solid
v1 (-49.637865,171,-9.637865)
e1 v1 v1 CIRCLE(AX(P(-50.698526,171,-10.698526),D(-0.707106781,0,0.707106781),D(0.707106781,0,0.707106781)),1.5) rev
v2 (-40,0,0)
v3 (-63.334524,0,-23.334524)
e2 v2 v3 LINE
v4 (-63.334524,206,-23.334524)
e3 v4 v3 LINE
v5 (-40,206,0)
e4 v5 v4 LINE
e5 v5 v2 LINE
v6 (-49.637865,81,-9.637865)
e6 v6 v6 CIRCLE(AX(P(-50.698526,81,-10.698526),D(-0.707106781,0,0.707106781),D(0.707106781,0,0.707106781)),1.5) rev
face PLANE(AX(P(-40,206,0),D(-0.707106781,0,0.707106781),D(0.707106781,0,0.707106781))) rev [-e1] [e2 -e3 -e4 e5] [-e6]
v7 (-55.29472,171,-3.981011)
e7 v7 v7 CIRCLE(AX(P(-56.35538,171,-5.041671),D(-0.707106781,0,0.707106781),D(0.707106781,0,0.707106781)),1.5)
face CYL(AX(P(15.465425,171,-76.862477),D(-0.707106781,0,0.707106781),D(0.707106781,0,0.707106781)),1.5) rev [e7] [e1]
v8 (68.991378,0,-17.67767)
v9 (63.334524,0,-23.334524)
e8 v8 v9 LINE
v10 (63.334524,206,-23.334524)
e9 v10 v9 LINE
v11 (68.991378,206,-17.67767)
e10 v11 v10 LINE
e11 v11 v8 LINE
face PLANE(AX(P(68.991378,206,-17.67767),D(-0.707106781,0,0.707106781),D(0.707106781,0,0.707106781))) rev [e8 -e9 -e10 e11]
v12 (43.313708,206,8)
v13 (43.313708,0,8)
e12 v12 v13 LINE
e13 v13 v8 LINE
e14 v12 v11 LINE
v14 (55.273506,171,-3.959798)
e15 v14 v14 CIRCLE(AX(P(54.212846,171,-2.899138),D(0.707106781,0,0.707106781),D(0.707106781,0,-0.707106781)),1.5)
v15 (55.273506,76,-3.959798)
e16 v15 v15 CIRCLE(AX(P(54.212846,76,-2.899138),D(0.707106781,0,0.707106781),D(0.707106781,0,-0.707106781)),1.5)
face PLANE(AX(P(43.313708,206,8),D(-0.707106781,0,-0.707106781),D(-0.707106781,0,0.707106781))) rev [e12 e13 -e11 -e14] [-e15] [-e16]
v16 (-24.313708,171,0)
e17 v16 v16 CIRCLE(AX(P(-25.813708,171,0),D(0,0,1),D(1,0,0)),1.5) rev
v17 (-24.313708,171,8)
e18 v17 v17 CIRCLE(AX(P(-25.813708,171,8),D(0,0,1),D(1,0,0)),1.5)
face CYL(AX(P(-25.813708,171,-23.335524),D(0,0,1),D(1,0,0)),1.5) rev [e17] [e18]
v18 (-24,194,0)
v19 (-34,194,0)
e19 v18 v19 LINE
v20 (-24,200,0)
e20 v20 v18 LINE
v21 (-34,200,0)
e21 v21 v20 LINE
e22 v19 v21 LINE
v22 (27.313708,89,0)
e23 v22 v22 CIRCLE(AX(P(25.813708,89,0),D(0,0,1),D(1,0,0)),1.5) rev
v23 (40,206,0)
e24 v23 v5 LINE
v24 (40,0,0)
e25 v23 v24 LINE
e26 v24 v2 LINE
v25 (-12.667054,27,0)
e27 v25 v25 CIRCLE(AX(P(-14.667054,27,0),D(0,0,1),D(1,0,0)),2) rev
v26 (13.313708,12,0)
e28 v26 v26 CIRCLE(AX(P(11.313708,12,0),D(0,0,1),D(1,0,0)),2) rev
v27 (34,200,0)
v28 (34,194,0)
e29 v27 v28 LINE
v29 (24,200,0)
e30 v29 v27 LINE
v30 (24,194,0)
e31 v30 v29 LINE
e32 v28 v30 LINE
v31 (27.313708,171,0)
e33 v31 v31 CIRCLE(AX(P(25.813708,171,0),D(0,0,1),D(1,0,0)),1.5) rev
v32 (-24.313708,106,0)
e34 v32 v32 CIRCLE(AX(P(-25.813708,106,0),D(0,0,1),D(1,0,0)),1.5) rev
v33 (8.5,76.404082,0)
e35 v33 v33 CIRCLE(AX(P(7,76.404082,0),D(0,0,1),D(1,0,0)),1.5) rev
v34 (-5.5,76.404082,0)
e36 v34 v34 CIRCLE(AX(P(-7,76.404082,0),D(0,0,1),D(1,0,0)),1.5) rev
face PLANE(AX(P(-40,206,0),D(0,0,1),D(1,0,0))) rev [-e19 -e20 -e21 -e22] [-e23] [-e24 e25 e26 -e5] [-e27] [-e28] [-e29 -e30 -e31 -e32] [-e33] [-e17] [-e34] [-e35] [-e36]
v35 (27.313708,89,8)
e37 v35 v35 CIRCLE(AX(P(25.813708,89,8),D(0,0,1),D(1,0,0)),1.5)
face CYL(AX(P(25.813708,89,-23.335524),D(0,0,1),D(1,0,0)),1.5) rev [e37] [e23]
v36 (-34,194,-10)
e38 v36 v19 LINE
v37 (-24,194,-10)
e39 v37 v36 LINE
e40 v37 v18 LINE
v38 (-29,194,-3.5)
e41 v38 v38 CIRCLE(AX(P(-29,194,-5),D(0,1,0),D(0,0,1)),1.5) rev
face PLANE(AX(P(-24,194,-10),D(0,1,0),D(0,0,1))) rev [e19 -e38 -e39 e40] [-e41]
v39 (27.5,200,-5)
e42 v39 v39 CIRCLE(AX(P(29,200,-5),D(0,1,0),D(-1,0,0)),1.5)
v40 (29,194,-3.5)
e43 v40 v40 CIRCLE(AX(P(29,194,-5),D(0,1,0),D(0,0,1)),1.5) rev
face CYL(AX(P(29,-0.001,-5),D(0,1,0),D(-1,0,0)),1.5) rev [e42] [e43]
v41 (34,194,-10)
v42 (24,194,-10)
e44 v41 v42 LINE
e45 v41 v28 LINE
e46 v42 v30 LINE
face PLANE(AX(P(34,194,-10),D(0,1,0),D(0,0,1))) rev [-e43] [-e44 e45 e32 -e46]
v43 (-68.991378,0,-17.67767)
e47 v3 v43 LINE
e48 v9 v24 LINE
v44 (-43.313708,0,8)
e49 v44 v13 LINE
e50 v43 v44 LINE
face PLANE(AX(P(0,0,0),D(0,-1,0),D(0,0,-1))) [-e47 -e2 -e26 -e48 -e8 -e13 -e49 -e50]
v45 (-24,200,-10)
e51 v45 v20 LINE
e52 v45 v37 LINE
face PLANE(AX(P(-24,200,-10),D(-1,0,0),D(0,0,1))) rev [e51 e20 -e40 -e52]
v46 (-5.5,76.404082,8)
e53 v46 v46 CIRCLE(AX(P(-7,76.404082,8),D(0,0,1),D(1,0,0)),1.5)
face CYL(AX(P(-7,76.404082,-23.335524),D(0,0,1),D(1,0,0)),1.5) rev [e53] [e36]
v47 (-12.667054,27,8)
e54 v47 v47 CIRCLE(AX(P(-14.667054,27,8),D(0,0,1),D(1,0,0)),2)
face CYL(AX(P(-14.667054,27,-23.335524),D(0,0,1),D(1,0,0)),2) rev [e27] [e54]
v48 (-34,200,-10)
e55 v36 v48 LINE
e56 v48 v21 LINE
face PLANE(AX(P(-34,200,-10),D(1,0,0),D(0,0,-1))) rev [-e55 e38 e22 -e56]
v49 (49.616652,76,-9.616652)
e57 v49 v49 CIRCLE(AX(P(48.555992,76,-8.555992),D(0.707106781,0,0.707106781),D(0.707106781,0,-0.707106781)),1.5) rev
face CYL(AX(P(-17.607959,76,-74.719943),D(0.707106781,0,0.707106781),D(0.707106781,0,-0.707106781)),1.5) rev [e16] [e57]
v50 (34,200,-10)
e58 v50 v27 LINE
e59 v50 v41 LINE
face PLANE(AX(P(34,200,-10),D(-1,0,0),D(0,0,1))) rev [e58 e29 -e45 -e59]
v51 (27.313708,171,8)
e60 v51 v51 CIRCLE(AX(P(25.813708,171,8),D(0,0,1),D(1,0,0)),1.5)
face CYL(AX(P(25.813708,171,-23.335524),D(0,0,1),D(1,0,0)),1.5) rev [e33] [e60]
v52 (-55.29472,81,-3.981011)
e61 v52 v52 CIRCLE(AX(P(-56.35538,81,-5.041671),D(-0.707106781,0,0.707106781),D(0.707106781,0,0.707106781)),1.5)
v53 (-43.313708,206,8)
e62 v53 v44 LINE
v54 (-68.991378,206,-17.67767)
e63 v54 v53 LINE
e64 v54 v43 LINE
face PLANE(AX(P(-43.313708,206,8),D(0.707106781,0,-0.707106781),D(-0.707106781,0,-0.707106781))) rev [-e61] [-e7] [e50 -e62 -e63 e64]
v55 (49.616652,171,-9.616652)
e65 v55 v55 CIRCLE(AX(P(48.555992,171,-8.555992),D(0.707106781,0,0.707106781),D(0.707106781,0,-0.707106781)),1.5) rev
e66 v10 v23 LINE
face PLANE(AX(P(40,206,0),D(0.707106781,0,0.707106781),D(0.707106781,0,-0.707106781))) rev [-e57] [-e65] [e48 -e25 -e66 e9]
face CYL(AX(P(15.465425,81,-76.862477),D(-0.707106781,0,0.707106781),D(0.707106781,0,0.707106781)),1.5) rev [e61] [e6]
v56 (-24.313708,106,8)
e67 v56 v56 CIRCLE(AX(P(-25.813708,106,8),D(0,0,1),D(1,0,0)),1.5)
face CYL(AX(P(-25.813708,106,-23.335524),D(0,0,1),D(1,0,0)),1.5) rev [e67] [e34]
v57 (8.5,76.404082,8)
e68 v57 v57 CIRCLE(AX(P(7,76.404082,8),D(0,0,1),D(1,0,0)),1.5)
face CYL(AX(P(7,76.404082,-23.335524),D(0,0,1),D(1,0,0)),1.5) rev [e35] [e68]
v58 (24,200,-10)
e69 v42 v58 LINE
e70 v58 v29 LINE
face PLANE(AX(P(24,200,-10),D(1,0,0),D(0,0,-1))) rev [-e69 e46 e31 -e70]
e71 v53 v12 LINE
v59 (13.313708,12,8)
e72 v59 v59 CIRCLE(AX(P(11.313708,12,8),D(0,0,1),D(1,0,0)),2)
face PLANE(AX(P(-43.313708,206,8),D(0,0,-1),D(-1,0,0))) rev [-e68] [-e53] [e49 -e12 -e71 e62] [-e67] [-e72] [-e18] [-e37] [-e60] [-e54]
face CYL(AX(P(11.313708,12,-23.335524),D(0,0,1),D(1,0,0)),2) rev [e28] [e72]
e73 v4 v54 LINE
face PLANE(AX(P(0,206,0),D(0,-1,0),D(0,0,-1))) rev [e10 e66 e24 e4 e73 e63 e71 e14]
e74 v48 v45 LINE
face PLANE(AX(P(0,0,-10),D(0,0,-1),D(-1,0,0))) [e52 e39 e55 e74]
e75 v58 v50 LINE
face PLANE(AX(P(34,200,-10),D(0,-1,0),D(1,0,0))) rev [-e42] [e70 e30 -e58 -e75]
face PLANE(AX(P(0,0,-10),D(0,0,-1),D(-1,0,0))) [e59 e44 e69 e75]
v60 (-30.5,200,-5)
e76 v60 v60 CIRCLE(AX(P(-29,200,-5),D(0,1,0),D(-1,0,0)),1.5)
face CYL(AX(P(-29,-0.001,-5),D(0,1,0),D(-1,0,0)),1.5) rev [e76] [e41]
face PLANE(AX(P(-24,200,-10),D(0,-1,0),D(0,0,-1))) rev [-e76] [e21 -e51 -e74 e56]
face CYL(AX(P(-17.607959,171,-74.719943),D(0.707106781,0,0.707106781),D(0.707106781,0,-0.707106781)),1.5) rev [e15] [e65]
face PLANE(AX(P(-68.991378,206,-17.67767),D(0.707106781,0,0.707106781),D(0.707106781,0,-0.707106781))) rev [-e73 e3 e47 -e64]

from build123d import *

# Parameters (mm, degrees)
BOSS_EXTRUDE1_DEPTH = 206
SKETCH2_W           = 10
SKETCH2_H           = 6
BOSS_EXTRUDE2_DEPTH = 10
CUT_EXTRUDE1_REACH  = 202
SKETCH3_R           = 1.5
CUT_EXTRUDE2_REACH  = 33.335
SKETCH4_R           = 2
CUT_EXTRUDE3_REACH  = 33.335
SKETCH5_R           = 1.5
CUT_EXTRUDE4_REACH  = 33.335
SKETCH6_R           = 1.5
CUT_EXTRUDE5_REACH  = 103.569
SKETCH7_R           = 1.5
CUT_EXTRUDE6_REACH  = 103.569
SKETCH8_R           = 1.5


with BuildPart() as part:
    # Sketch1 → Boss-Extrude1 (new body)
    with BuildSketch(Plane(origin=(0, 0, 0), x_dir=(1, 0, 0), z_dir=(0, 1, 0))):
        Polygon((-40, 0), (40, 0), (63.334523779, 23.334523779), (68.991378029, 17.67766953), (43.313708499, -8), (-43.313708499, -8), (-68.991378029, 17.67766953), (-63.334523779, 23.334523779), align=None)
    extrude(amount=BOSS_EXTRUDE1_DEPTH)

    # Sketch2 → Boss-Extrude2 (add)
    with BuildSketch(Plane(origin=(0, 0, 0), x_dir=(-1, 0, 0), z_dir=(0, 0, -1))):
        with Locations((-29, 197)):
            Rectangle(SKETCH2_W, SKETCH2_H)
        with Locations((29, 197)):
            Rectangle(SKETCH2_W, SKETCH2_H)
    extrude(amount=BOSS_EXTRUDE2_DEPTH)

    # Sketch3 → Cut-Extrude1 (cut, up to next)
    with BuildSketch(Plane(origin=(0, 200, 0), x_dir=(1, 0, 0), z_dir=(0, 1, 0)), mode=Mode.PRIVATE) as cut_extrude1_sk1:
        with Locations((-29, 5)):
            Circle(SKETCH3_R)
    cut_extrude1_tool1 = extrude(cut_extrude1_sk1.sketch, amount=-CUT_EXTRUDE1_REACH, mode=Mode.PRIVATE) & part.part
    add(cut_extrude1_tool1.solids().sort_by_distance((-29, 200, -5))[0], mode=Mode.SUBTRACT)
    # Sketch3 → Cut-Extrude1 (cut, up to next)
    with BuildSketch(Plane(origin=(0, 200, 0), x_dir=(1, 0, 0), z_dir=(0, 1, 0)), mode=Mode.PRIVATE) as cut_extrude1_sk2:
        with Locations((29, 5)):
            Circle(SKETCH3_R)
    cut_extrude1_tool2 = extrude(cut_extrude1_sk2.sketch, amount=-CUT_EXTRUDE1_REACH, mode=Mode.PRIVATE) & part.part
    add(cut_extrude1_tool2.solids().sort_by_distance((29, 200, -5))[0], mode=Mode.SUBTRACT)

    # Sketch4 → Cut-Extrude2 (cut, up to next)
    with BuildSketch(Plane.XY.offset(8), mode=Mode.PRIVATE) as cut_extrude2_sk1:
        with Locations((-14.667053615, 27)):
            Circle(SKETCH4_R)
    cut_extrude2_tool1 = extrude(cut_extrude2_sk1.sketch, amount=-CUT_EXTRUDE2_REACH, mode=Mode.PRIVATE) & part.part
    add(cut_extrude2_tool1.solids().sort_by_distance((-14.667054, 27, 8))[0], mode=Mode.SUBTRACT)
    # Sketch4 → Cut-Extrude2 (cut, up to next)
    with BuildSketch(Plane.XY.offset(8), mode=Mode.PRIVATE) as cut_extrude2_sk2:
        with Locations((11.313708499, 12)):
            Circle(SKETCH4_R)
    cut_extrude2_tool2 = extrude(cut_extrude2_sk2.sketch, amount=-CUT_EXTRUDE2_REACH, mode=Mode.PRIVATE) & part.part
    add(cut_extrude2_tool2.solids().sort_by_distance((11.313708, 12, 8))[0], mode=Mode.SUBTRACT)

    # Sketch5 → Cut-Extrude3 (cut, up to next)
    with BuildSketch(Plane.XY.offset(8), mode=Mode.PRIVATE) as cut_extrude3_sk1:
        with Locations((-7, 76.404082058)):
            Circle(SKETCH5_R)
    cut_extrude3_tool1 = extrude(cut_extrude3_sk1.sketch, amount=-CUT_EXTRUDE3_REACH, mode=Mode.PRIVATE) & part.part
    add(cut_extrude3_tool1.solids().sort_by_distance((-7, 76.404082, 8))[0], mode=Mode.SUBTRACT)
    # Sketch5 → Cut-Extrude3 (cut, up to next)
    with BuildSketch(Plane.XY.offset(8), mode=Mode.PRIVATE) as cut_extrude3_sk2:
        with Locations((7, 76.404082058)):
            Circle(SKETCH5_R)
    cut_extrude3_tool2 = extrude(cut_extrude3_sk2.sketch, amount=-CUT_EXTRUDE3_REACH, mode=Mode.PRIVATE) & part.part
    add(cut_extrude3_tool2.solids().sort_by_distance((7, 76.404082, 8))[0], mode=Mode.SUBTRACT)

    # Sketch6 → Cut-Extrude4 (cut, up to next)
    with BuildSketch(Plane.XY.offset(8), mode=Mode.PRIVATE) as cut_extrude4_sk1:
        with Locations((-25.813708499, 171)):
            Circle(SKETCH6_R)
    cut_extrude4_tool1 = extrude(cut_extrude4_sk1.sketch, amount=-CUT_EXTRUDE4_REACH, mode=Mode.PRIVATE) & part.part
    add(cut_extrude4_tool1.solids().sort_by_distance((-25.813708, 171, 8))[0], mode=Mode.SUBTRACT)
    # Sketch6 → Cut-Extrude4 (cut, up to next)
    with BuildSketch(Plane.XY.offset(8), mode=Mode.PRIVATE) as cut_extrude4_sk2:
        with Locations((25.813708499, 171)):
            Circle(SKETCH6_R)
    cut_extrude4_tool2 = extrude(cut_extrude4_sk2.sketch, amount=-CUT_EXTRUDE4_REACH, mode=Mode.PRIVATE) & part.part
    add(cut_extrude4_tool2.solids().sort_by_distance((25.813708, 171, 8))[0], mode=Mode.SUBTRACT)
    # Sketch6 → Cut-Extrude4 (cut, up to next)
    with BuildSketch(Plane.XY.offset(8), mode=Mode.PRIVATE) as cut_extrude4_sk3:
        with Locations((-25.813708499, 106)):
            Circle(SKETCH6_R)
    cut_extrude4_tool3 = extrude(cut_extrude4_sk3.sketch, amount=-CUT_EXTRUDE4_REACH, mode=Mode.PRIVATE) & part.part
    add(cut_extrude4_tool3.solids().sort_by_distance((-25.813708, 106, 8))[0], mode=Mode.SUBTRACT)
    # Sketch6 → Cut-Extrude4 (cut, up to next)
    with BuildSketch(Plane.XY.offset(8), mode=Mode.PRIVATE) as cut_extrude4_sk4:
        with Locations((25.813708499, 89)):
            Circle(SKETCH6_R)
    cut_extrude4_tool4 = extrude(cut_extrude4_sk4.sketch, amount=-CUT_EXTRUDE4_REACH, mode=Mode.PRIVATE) & part.part
    add(cut_extrude4_tool4.solids().sort_by_distance((25.813708, 89, 8))[0], mode=Mode.SUBTRACT)

    # Sketch7 → Cut-Extrude5 (cut, up to next)
    with BuildSketch(Plane(origin=(-25.656854249, 0, 25.656854249), x_dir=(0.707106781, 0, 0.707106781), z_dir=(-0.707106781, 0, 0.707106781)), mode=Mode.PRIVATE) as cut_extrude5_sk1:
        with Locations((-43.414271247, 171)):
            Circle(SKETCH7_R)
    cut_extrude5_tool1 = extrude(cut_extrude5_sk1.sketch, amount=-CUT_EXTRUDE5_REACH, mode=Mode.PRIVATE) & part.part
    add(cut_extrude5_tool1.solids().sort_by_distance((-56.35538, 171, -5.041671))[0], mode=Mode.SUBTRACT)
    # Sketch7 → Cut-Extrude5 (cut, up to next)
    with BuildSketch(Plane(origin=(-25.656854249, 0, 25.656854249), x_dir=(0.707106781, 0, 0.707106781), z_dir=(-0.707106781, 0, 0.707106781)), mode=Mode.PRIVATE) as cut_extrude5_sk2:
        with Locations((-43.414271247, 81)):
            Circle(SKETCH7_R)
    cut_extrude5_tool2 = extrude(cut_extrude5_sk2.sketch, amount=-CUT_EXTRUDE5_REACH, mode=Mode.PRIVATE) & part.part
    add(cut_extrude5_tool2.solids().sort_by_distance((-56.35538, 81, -5.041671))[0], mode=Mode.SUBTRACT)

    # Sketch8 → Cut-Extrude6 (cut, up to next)
    with BuildSketch(Plane(origin=(25.656854249, 0, 25.656854249), x_dir=(0.707106781, 0, -0.707106781), z_dir=(0.707106781, 0, 0.707106781)), mode=Mode.PRIVATE) as cut_extrude6_sk1:
        with Locations((40.384271247, 171)):
            Circle(SKETCH8_R)
    cut_extrude6_tool1 = extrude(cut_extrude6_sk1.sketch, amount=-CUT_EXTRUDE6_REACH, mode=Mode.PRIVATE) & part.part
    add(cut_extrude6_tool1.solids().sort_by_distance((54.212846, 171, -2.899138))[0], mode=Mode.SUBTRACT)
    # Sketch8 → Cut-Extrude6 (cut, up to next)
    with BuildSketch(Plane(origin=(25.656854249, 0, 25.656854249), x_dir=(0.707106781, 0, -0.707106781), z_dir=(0.707106781, 0, 0.707106781)), mode=Mode.PRIVATE) as cut_extrude6_sk2:
        with Locations((40.384271247, 76)):
            Circle(SKETCH8_R)
    cut_extrude6_tool2 = extrude(cut_extrude6_sk2.sketch, amount=-CUT_EXTRUDE6_REACH, mode=Mode.PRIVATE) & part.part
    add(cut_extrude6_tool2.solids().sort_by_distance((54.212846, 76, -2.899138))[0], mode=Mode.SUBTRACT)


solid = part.part
